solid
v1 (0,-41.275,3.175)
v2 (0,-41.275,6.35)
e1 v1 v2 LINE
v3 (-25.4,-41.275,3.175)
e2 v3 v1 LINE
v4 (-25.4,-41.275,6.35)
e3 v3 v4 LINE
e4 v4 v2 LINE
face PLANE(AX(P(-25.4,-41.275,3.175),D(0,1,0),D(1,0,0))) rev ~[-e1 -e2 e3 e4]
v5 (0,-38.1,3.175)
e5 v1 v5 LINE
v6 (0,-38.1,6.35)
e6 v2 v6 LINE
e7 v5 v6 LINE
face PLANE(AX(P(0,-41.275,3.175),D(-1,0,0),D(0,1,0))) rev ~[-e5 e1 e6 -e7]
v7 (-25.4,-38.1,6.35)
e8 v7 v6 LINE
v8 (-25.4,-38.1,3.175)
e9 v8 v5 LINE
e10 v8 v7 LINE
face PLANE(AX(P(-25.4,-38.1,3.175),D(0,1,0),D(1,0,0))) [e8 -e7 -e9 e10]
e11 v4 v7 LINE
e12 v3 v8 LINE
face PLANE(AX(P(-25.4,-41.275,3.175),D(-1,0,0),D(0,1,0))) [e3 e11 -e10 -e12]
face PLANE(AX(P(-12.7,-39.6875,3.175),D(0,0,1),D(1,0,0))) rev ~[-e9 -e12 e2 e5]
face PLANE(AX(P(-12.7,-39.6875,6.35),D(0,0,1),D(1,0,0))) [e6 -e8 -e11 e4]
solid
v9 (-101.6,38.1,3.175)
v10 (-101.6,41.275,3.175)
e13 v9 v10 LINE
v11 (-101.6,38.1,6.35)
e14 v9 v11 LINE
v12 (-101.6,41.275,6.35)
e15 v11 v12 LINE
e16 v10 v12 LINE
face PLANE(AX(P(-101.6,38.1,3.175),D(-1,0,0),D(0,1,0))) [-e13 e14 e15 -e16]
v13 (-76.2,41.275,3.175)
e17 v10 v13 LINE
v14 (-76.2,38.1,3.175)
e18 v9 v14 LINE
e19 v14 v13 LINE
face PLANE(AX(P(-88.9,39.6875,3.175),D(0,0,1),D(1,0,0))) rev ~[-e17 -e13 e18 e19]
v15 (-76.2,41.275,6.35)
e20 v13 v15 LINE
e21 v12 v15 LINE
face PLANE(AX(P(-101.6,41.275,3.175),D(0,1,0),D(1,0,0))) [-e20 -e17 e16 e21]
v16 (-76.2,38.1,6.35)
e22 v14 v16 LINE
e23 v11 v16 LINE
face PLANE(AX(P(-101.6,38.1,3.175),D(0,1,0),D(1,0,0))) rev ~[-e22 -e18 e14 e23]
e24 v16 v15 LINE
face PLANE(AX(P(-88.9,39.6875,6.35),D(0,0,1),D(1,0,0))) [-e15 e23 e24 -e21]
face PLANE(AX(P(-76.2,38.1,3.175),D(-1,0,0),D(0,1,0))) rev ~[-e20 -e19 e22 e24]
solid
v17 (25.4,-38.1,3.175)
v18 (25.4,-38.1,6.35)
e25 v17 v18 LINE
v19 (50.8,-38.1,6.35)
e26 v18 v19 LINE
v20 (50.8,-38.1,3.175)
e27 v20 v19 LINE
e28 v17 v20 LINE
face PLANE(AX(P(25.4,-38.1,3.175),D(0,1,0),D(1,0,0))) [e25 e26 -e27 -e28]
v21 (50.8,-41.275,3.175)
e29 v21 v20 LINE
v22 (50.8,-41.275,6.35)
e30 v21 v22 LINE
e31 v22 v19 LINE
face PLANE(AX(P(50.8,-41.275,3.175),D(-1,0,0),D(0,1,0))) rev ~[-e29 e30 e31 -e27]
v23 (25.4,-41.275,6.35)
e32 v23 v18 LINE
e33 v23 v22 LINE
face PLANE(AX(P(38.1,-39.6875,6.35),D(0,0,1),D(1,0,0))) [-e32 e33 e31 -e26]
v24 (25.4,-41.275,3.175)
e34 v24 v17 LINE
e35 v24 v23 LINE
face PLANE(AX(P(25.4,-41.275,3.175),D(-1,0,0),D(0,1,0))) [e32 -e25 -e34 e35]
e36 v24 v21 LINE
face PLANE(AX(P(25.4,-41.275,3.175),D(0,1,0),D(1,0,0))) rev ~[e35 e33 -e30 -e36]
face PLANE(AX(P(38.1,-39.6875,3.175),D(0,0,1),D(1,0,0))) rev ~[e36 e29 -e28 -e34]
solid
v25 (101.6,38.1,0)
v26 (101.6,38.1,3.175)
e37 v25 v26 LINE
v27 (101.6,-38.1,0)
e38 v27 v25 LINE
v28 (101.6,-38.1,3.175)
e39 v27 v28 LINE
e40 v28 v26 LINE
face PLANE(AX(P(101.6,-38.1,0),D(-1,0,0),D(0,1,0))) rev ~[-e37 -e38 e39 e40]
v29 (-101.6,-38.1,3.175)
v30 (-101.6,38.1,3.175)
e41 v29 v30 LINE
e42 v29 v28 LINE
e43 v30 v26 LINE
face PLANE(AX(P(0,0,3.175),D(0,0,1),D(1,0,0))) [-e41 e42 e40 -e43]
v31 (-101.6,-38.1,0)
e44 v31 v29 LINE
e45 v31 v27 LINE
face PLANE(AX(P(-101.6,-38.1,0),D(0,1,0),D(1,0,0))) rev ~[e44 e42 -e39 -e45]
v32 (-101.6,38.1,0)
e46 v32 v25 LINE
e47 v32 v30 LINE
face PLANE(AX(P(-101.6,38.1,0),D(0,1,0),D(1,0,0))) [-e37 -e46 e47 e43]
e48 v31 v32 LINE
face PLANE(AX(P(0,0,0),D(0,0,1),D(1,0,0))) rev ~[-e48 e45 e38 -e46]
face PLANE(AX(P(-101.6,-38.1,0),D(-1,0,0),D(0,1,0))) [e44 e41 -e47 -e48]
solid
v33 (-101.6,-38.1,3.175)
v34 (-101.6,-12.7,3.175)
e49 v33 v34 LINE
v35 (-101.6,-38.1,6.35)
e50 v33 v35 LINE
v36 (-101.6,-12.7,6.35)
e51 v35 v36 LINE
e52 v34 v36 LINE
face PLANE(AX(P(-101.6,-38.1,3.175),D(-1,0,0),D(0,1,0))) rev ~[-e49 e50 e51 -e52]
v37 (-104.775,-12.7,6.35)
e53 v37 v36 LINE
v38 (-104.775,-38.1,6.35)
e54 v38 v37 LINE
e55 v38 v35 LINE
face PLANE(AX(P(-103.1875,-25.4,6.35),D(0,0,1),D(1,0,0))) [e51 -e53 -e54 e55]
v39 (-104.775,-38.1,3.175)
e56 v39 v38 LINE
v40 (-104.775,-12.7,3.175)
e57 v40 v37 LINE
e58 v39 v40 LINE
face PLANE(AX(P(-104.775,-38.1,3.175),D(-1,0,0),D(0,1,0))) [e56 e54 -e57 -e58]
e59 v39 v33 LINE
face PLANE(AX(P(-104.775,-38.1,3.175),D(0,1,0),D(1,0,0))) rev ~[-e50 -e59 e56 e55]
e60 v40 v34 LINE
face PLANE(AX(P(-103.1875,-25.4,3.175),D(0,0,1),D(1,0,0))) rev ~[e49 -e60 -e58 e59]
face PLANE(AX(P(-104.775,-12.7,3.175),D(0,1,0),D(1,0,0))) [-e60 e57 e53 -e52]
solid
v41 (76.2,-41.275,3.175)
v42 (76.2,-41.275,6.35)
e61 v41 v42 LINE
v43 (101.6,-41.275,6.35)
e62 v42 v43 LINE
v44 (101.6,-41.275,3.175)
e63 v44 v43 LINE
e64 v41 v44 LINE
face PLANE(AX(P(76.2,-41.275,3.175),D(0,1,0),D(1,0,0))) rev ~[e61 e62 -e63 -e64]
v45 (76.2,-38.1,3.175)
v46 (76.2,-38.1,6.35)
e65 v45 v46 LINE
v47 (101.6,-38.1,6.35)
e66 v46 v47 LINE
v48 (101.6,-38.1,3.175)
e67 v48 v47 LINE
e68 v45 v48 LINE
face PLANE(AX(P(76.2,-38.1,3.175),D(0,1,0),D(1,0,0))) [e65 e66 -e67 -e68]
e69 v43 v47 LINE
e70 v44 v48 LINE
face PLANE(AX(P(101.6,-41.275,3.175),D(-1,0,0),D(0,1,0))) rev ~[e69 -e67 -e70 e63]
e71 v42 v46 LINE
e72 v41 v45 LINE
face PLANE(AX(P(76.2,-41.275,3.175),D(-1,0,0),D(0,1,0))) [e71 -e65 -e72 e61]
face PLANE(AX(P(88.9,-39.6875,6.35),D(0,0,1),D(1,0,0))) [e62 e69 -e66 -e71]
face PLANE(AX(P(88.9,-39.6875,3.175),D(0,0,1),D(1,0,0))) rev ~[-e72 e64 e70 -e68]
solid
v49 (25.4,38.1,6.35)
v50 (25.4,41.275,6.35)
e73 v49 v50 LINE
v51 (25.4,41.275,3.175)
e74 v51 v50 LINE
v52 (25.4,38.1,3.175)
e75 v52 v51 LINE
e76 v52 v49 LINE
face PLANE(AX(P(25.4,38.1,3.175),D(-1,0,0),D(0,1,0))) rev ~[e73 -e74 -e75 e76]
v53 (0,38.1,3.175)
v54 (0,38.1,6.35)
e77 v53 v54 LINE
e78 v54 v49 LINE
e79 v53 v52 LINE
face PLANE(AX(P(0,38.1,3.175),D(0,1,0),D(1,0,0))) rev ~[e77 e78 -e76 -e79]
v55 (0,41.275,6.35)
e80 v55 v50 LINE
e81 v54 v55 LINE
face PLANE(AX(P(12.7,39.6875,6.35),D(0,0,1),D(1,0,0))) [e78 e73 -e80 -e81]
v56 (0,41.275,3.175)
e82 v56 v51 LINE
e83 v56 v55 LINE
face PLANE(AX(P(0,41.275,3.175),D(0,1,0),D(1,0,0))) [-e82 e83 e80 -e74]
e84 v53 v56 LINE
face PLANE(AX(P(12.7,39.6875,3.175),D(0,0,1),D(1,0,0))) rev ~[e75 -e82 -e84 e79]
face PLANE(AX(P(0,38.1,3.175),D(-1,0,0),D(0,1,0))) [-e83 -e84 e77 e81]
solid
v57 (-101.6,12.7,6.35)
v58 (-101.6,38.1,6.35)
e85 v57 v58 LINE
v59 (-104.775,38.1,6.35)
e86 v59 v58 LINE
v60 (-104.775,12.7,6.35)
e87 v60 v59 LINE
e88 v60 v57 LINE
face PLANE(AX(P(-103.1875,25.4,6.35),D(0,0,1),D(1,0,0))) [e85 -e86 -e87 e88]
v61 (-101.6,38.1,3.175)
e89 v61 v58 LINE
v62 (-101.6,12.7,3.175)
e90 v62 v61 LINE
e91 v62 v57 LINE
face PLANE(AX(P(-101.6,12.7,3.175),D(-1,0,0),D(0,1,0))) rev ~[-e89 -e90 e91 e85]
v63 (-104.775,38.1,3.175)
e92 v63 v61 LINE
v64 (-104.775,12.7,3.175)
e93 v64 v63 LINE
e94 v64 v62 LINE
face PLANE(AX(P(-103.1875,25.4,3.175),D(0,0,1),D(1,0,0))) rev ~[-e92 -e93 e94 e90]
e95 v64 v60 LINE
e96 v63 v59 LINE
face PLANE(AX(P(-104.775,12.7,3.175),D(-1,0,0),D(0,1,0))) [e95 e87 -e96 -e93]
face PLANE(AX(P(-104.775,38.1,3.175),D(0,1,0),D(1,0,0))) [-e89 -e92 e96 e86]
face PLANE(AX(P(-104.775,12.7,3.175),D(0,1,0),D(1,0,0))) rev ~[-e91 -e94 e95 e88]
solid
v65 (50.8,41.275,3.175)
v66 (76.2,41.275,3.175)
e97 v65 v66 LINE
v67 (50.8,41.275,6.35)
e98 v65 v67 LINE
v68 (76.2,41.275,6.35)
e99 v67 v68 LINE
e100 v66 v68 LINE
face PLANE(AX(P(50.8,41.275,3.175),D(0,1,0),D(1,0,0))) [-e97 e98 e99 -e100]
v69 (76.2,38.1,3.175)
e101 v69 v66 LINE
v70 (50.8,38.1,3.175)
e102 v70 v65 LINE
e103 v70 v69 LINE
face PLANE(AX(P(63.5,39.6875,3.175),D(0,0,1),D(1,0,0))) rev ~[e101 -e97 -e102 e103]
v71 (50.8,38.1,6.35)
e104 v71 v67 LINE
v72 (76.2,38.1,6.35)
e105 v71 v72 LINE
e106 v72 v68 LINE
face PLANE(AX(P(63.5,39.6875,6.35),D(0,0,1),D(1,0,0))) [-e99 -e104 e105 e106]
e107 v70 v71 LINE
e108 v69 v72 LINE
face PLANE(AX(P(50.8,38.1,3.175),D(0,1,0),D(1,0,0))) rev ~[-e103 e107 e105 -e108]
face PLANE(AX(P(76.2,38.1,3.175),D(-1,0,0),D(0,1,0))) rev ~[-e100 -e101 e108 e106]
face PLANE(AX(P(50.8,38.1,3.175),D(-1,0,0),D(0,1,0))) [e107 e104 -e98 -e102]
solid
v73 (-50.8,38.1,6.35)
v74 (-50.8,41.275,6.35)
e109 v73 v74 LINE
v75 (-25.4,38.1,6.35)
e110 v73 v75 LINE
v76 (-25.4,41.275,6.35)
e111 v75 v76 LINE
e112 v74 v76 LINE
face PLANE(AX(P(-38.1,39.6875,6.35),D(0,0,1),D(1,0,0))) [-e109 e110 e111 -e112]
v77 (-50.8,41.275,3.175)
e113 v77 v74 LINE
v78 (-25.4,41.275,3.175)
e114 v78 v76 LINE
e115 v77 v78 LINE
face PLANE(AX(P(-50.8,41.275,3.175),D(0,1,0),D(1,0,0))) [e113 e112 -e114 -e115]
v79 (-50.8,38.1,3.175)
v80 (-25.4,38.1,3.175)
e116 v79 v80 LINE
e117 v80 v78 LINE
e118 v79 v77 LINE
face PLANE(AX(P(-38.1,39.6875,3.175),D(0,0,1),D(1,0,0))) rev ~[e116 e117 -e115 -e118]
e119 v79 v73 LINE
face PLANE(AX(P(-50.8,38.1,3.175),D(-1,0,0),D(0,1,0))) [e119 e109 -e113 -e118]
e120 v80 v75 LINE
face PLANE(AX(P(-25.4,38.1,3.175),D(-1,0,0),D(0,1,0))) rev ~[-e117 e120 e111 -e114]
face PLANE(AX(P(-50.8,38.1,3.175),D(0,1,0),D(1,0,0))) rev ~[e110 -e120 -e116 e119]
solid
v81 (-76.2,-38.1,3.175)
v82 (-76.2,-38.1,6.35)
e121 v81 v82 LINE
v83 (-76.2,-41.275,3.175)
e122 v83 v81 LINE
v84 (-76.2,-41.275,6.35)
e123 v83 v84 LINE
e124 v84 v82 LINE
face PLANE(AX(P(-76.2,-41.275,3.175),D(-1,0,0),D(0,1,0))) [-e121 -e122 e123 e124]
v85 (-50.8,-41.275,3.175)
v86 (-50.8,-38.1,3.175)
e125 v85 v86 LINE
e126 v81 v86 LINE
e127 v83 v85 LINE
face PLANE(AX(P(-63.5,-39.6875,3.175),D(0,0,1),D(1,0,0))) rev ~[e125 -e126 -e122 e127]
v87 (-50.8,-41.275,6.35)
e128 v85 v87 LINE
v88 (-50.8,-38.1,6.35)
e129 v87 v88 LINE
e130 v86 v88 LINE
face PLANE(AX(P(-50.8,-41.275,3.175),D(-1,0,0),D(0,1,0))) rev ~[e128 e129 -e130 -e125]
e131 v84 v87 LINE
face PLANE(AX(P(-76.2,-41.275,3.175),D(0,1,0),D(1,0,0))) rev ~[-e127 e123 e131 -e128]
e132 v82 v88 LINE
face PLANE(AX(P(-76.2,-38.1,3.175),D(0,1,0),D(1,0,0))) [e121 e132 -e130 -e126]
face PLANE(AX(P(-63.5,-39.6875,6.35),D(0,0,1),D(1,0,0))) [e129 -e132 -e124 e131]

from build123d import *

# Parameters (mm, degrees)
SKETCH1_W             = 203.2
SKETCH1_H             = 76.2
BOSS_EXTRUDE1_DEPTH   = 3.175
SKETCH2_W             = 25.4
SKETCH2_H             = 3.175
BOSS_EXTRUDE2_DEPTH   = 3.175
BOSS_EXTRUDE2_2_DEPTH = 3.175
BOSS_EXTRUDE2_3_DEPTH = 3.175
BOSS_EXTRUDE2_4_DEPTH = 3.175
SKETCH3_W             = 25.4
SKETCH3_H             = 3.175
BOSS_EXTRUDE3_DEPTH   = 3.175
BOSS_EXTRUDE3_2_DEPTH = 3.175
BOSS_EXTRUDE3_3_DEPTH = 3.175
BOSS_EXTRUDE3_4_DEPTH = 3.175
SKETCH4_W             = 3.175
SKETCH4_H             = 25.4
BOSS_EXTRUDE4_DEPTH   = 3.175
BOSS_EXTRUDE4_2_DEPTH = 3.175


with BuildPart() as part:
    # Sketch1 → Boss-Extrude1 (new body)
    with BuildSketch(Plane.XY):
        Rectangle(SKETCH1_W, SKETCH1_H)
    extrude(amount=BOSS_EXTRUDE1_DEPTH)


with BuildPart() as body_2:
    # Sketch2 → Boss-Extrude2 (new body)
    with BuildSketch(Plane.XY.offset(3.175)):
        with Locations((-38.1, 39.6875)):
            Rectangle(SKETCH2_W, SKETCH2_H)
    extrude(amount=BOSS_EXTRUDE2_DEPTH)


with BuildPart() as body_3:
    # Sketch2 → Boss-Extrude2 2 (new body)
    with BuildSketch(Plane.XY.offset(3.175)):
        with Locations((-88.9, 39.6875)):
            Rectangle(SKETCH2_W, SKETCH2_H)
    extrude(amount=BOSS_EXTRUDE2_2_DEPTH)


with BuildPart() as body_4:
    # Sketch2 → Boss-Extrude2 3 (new body)
    with BuildSketch(Plane.XY.offset(3.175)):
        with Locations((12.7, 39.6875)):
            Rectangle(SKETCH2_W, SKETCH2_H)
    extrude(amount=BOSS_EXTRUDE2_3_DEPTH)


with BuildPart() as body_5:
    # Sketch2 → Boss-Extrude2 4 (new body)
    with BuildSketch(Plane.XY.offset(3.175)):
        with Locations((63.5, 39.6875)):
            Rectangle(SKETCH2_W, SKETCH2_H)
    extrude(amount=BOSS_EXTRUDE2_4_DEPTH)


with BuildPart() as body_6:
    # Sketch3 → Boss-Extrude3 (new body)
    with BuildSketch(Plane.XY.offset(3.175)):
        with Locations((38.1, -39.6875)):
            Rectangle(SKETCH3_W, SKETCH3_H)
    extrude(amount=BOSS_EXTRUDE3_DEPTH)


with BuildPart() as body_7:
    # Sketch3 → Boss-Extrude3 2 (new body)
    with BuildSketch(Plane.XY.offset(3.175)):
        with Locations((88.9, -39.6875)):
            Rectangle(SKETCH3_W, SKETCH3_H)
    extrude(amount=BOSS_EXTRUDE3_2_DEPTH)


with BuildPart() as body_8:
    # Sketch3 → Boss-Extrude3 3 (new body)
    with BuildSketch(Plane.XY.offset(3.175)):
        with Locations((-12.7, -39.6875)):
            Rectangle(SKETCH3_W, SKETCH3_H)
    extrude(amount=BOSS_EXTRUDE3_3_DEPTH)


with BuildPart() as body_9:
    # Sketch3 → Boss-Extrude3 4 (new body)
    with BuildSketch(Plane.XY.offset(3.175)):
        with Locations((-63.5, -39.6875)):
            Rectangle(SKETCH3_W, SKETCH3_H)
    extrude(amount=BOSS_EXTRUDE3_4_DEPTH)


with BuildPart() as body_10:
    # Sketch4 → Boss-Extrude4 (new body)
    with BuildSketch(Plane.XY.offset(3.175)):
        with Locations((-103.1875, -25.4)):
            Rectangle(SKETCH4_W, SKETCH4_H)
    extrude(amount=BOSS_EXTRUDE4_DEPTH)


with BuildPart() as body_11:
    # Sketch4 → Boss-Extrude4 2 (new body)
    with BuildSketch(Plane.XY.offset(3.175)):
        with Locations((-103.1875, 25.4)):
            Rectangle(SKETCH4_W, SKETCH4_H)
    extrude(amount=BOSS_EXTRUDE4_2_DEPTH)


solid = Compound([part.part, body_2.part, body_3.part, body_4.part, body_5.part, body_6.part, body_7.part, body_8.part, body_9.part, body_10.part, body_11.part])
